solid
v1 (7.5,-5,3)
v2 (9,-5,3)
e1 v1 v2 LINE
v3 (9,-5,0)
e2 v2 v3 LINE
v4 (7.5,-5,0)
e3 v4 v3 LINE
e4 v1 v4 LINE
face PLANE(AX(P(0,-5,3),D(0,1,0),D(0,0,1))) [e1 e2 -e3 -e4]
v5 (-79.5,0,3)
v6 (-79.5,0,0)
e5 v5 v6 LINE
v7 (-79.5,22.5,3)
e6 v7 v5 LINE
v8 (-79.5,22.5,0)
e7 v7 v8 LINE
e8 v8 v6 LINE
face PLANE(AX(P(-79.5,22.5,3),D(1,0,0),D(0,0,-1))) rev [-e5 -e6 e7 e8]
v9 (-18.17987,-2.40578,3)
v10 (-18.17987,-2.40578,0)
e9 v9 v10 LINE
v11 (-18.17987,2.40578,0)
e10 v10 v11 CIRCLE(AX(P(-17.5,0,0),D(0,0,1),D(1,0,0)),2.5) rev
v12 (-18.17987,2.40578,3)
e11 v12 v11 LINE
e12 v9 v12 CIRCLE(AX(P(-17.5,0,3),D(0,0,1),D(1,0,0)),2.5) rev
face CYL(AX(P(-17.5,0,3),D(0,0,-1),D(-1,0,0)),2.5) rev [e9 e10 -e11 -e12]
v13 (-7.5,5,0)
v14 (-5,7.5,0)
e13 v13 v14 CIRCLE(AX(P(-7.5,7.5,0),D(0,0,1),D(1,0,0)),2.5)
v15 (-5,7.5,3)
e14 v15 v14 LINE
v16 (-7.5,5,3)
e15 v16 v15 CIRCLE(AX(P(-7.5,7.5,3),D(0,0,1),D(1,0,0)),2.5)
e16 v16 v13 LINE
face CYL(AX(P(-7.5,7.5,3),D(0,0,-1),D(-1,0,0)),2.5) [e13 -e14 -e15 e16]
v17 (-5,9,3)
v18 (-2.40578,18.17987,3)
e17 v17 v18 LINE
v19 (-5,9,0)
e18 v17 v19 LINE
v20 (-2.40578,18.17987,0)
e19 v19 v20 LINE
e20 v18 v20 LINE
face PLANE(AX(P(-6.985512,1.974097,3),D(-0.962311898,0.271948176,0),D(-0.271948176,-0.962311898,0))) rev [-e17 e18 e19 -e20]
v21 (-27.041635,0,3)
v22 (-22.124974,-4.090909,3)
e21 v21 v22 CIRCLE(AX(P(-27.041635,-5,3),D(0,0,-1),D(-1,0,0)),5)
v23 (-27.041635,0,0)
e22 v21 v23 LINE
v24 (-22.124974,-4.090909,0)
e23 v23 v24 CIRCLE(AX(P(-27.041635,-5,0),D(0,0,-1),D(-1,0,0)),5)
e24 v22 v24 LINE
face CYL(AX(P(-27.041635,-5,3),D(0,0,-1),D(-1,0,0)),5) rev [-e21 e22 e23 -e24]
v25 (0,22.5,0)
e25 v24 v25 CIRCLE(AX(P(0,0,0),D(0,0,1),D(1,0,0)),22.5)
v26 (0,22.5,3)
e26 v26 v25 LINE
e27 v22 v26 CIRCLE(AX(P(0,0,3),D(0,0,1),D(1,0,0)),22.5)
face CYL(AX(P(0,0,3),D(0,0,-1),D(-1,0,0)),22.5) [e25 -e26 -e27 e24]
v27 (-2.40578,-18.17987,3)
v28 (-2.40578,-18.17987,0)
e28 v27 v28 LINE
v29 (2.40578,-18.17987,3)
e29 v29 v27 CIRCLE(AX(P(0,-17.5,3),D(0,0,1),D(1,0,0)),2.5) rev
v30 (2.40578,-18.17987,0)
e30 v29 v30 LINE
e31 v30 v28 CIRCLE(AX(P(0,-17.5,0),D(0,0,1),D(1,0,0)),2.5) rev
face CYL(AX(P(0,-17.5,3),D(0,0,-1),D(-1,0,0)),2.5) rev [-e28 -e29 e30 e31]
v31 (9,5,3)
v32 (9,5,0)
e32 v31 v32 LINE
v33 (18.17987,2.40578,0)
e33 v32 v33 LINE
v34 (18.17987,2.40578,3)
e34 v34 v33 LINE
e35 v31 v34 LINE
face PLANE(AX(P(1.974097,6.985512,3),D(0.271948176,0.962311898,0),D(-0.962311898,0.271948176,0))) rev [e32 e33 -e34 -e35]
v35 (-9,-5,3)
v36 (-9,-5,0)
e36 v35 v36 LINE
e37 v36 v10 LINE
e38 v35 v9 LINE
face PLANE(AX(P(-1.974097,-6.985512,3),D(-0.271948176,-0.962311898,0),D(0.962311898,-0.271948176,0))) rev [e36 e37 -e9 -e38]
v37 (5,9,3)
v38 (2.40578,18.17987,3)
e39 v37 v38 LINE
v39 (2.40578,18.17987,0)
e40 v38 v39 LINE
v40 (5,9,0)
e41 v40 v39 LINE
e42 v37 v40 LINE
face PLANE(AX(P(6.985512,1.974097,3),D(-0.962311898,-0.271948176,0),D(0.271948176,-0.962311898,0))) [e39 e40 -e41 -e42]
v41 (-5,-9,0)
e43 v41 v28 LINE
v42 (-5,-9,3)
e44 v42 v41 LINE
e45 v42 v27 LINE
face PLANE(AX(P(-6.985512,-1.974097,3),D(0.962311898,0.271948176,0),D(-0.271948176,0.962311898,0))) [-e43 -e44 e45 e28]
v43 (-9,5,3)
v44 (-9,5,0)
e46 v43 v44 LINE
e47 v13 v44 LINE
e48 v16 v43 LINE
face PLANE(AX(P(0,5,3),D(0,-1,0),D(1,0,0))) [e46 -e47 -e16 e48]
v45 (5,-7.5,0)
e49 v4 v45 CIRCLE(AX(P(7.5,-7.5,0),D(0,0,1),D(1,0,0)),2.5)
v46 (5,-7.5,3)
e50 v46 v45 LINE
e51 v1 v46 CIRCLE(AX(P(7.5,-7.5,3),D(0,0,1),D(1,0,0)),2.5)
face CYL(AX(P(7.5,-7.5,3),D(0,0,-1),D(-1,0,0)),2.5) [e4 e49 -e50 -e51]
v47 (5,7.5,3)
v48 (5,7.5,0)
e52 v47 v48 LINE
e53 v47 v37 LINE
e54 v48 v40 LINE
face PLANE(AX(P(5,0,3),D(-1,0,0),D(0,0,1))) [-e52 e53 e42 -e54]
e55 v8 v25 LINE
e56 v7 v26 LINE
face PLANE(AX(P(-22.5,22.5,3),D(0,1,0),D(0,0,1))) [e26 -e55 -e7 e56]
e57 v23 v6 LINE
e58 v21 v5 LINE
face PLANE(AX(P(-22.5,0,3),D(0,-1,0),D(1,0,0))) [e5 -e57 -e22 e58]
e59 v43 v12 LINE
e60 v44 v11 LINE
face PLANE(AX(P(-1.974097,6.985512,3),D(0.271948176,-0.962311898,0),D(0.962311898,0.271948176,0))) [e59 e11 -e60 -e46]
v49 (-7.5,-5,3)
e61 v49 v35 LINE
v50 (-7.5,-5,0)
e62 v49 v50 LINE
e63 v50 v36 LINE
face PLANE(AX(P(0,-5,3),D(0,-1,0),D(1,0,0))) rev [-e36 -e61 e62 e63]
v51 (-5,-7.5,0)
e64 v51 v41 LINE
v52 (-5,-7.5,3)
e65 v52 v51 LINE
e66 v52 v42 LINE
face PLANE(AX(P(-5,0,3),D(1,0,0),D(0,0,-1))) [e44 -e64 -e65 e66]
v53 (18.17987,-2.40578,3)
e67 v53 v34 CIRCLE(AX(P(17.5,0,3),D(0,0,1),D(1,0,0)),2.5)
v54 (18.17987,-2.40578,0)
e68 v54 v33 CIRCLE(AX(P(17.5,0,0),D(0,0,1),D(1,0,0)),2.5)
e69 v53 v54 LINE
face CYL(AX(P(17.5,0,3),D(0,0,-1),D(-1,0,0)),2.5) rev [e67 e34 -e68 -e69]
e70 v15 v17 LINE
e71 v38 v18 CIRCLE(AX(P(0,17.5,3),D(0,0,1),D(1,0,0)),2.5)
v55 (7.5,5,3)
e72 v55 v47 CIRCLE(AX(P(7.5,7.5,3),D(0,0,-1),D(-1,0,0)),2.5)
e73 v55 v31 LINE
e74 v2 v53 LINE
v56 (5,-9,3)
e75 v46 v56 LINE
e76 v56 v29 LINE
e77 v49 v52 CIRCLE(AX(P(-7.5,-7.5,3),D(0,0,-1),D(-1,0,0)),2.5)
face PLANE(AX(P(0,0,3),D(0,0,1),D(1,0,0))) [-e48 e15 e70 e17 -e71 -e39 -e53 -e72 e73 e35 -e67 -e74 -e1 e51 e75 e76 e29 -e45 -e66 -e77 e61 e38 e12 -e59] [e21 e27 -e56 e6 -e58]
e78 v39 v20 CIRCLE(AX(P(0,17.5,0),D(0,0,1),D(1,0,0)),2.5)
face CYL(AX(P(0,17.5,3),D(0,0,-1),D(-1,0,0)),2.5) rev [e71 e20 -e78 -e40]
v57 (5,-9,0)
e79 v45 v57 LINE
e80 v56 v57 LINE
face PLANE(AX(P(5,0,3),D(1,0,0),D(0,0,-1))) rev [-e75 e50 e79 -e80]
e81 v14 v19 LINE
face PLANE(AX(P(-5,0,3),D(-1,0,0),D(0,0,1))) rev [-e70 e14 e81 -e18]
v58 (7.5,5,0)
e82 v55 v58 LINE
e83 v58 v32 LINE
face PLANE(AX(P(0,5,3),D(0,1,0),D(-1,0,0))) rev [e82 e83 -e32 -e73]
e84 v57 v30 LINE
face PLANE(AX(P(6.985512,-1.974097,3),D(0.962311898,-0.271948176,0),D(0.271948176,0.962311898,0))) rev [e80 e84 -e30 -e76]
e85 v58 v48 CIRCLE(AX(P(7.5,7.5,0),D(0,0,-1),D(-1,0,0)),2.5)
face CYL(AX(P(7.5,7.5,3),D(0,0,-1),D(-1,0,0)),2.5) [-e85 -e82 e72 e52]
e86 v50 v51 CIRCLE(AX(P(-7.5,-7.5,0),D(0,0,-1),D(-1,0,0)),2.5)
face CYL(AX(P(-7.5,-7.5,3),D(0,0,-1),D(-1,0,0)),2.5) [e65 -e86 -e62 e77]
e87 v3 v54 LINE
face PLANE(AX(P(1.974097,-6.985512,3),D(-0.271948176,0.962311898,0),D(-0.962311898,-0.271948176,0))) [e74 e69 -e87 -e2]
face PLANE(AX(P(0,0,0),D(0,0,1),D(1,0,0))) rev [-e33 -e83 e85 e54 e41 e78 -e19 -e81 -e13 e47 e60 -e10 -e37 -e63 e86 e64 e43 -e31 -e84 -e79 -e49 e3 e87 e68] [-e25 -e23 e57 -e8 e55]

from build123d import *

# Parameters (mm, degrees)
SKETCH1_R           = 2.5
SKETCH1_W           = 57
SKETCH1_H           = 22.5
BOSS_EXTRUDE1_DEPTH = 3


with BuildPart() as part:
    # Sketch1 → Boss-Extrude1 (new body)
    # profile 1 of 8: a face of its own
    with BuildSketch(Plane.XY):
        with BuildLine():
            ThreePointArc((22.5, 0), (15.909902577, 15.909902577), (0, 22.5))
            Line((0, 22.5), (-22.5, 0))
            Line((-22.5, 0), (-22.124973736, -4.090909091))
            ThreePointArc((-22.124973736, -4.090909091), (2.054031517, -22.406047276), (22.5, 0))
        make_face()
        with BuildLine():
            ThreePointArc((-7.5, 5), (-9.267766953, 9.267766953), (-5, 7.5))
            Line((-5, 7.5), (-5, 9))
            Line((-5, 9), (-2.405779746, 18.179870439))
            ThreePointArc((-2.405779746, 18.179870439), (0, 20), (2.405779746, 18.179870439))
            Line((2.405779746, 18.179870439), (5, 9))
            Line((5, 9), (5, 7.5))
            ThreePointArc((5, 7.5), (7.5, 10), (10, 7.5))
            ThreePointArc((10, 7.5), (9.267766953, 5.732233047), (7.5, 5))
            Line((7.5, 5), (9, 5))
            Line((9, 5), (18.179870439, 2.405779746))
            ThreePointArc((18.179870439, 2.405779746), (19.493699588, 1.508363998), (20, 0))
            ThreePointArc((20, 0), (19.493699588, -1.508363998), (18.179870439, -2.405779746))
            Line((18.179870439, -2.405779746), (9, -5))
            Line((9, -5), (7.5, -5))
            ThreePointArc((7.5, -5), (9.267766953, -5.732233047), (10, -7.5))
            ThreePointArc((10, -7.5), (7.5, -10), (5, -7.5))
            Line((5, -7.5), (5, -9))
            Line((5, -9), (2.405779746, -18.179870439))
            ThreePointArc((2.405779746, -18.179870439), (0, -20), (-2.405779746, -18.179870439))
            Line((-2.405779746, -18.179870439), (-5, -9))
            Line((-5, -9), (-5, -7.5))
            ThreePointArc((-5, -7.5), (-9.267766953, -9.267766953), (-7.5, -5))
            Line((-7.5, -5), (-9, -5))
            Line((-9, -5), (-18.179870439, -2.405779746))
            ThreePointArc((-18.179870439, -2.405779746), (-20, 0), (-18.179870439, 2.405779746))
            Line((-18.179870439, 2.405779746), (-9, 5))
            Line((-9, 5), (-7.5, 5))
        make_face(mode=Mode.SUBTRACT)
    # profile 2 of 8: a face of its own
    with BuildSketch(Plane.XY):
        with Locations((-7.5, 7.5)):
            Circle(SKETCH1_R)
    # profile 3 of 8: a face of its own
    with BuildSketch(Plane.XY):
        with Locations((7.5, 7.5)):
            Circle(SKETCH1_R)
    # profile 4 of 8: a face of its own
    with BuildSketch(Plane.XY):
        with Locations((7.5, -7.5)):
            Circle(SKETCH1_R)
    # profile 5 of 8: a face of its own
    with BuildSketch(Plane.XY):
        with Locations((-7.5, -7.5)):
            Circle(SKETCH1_R)
    # profile 6 of 8: a face of its own
    with BuildSketch(Plane.XY):
        Polygon((-22.5, 22.5), (0, 22.5), (-22.5, 0), align=None)
    # profile 7 of 8: a face of its own
    with BuildSketch(Plane.XY):
        with Locations((-51, 11.25)):
            Rectangle(SKETCH1_W, SKETCH1_H)
    # profile 8 of 8: a face of its own
    with BuildSketch(Plane.XY):
        with BuildLine():
            Line((-22.5, 0), (-22.124973736, -4.090909091))
            ThreePointArc((-22.124973736, -4.090909091), (-23.843623821, -1.156469426), (-27.041634566, 0))
            Line((-27.041634566, 0), (-22.5, 0))
        make_face()
    extrude(amount=BOSS_EXTRUDE1_DEPTH)


solid = part.part
